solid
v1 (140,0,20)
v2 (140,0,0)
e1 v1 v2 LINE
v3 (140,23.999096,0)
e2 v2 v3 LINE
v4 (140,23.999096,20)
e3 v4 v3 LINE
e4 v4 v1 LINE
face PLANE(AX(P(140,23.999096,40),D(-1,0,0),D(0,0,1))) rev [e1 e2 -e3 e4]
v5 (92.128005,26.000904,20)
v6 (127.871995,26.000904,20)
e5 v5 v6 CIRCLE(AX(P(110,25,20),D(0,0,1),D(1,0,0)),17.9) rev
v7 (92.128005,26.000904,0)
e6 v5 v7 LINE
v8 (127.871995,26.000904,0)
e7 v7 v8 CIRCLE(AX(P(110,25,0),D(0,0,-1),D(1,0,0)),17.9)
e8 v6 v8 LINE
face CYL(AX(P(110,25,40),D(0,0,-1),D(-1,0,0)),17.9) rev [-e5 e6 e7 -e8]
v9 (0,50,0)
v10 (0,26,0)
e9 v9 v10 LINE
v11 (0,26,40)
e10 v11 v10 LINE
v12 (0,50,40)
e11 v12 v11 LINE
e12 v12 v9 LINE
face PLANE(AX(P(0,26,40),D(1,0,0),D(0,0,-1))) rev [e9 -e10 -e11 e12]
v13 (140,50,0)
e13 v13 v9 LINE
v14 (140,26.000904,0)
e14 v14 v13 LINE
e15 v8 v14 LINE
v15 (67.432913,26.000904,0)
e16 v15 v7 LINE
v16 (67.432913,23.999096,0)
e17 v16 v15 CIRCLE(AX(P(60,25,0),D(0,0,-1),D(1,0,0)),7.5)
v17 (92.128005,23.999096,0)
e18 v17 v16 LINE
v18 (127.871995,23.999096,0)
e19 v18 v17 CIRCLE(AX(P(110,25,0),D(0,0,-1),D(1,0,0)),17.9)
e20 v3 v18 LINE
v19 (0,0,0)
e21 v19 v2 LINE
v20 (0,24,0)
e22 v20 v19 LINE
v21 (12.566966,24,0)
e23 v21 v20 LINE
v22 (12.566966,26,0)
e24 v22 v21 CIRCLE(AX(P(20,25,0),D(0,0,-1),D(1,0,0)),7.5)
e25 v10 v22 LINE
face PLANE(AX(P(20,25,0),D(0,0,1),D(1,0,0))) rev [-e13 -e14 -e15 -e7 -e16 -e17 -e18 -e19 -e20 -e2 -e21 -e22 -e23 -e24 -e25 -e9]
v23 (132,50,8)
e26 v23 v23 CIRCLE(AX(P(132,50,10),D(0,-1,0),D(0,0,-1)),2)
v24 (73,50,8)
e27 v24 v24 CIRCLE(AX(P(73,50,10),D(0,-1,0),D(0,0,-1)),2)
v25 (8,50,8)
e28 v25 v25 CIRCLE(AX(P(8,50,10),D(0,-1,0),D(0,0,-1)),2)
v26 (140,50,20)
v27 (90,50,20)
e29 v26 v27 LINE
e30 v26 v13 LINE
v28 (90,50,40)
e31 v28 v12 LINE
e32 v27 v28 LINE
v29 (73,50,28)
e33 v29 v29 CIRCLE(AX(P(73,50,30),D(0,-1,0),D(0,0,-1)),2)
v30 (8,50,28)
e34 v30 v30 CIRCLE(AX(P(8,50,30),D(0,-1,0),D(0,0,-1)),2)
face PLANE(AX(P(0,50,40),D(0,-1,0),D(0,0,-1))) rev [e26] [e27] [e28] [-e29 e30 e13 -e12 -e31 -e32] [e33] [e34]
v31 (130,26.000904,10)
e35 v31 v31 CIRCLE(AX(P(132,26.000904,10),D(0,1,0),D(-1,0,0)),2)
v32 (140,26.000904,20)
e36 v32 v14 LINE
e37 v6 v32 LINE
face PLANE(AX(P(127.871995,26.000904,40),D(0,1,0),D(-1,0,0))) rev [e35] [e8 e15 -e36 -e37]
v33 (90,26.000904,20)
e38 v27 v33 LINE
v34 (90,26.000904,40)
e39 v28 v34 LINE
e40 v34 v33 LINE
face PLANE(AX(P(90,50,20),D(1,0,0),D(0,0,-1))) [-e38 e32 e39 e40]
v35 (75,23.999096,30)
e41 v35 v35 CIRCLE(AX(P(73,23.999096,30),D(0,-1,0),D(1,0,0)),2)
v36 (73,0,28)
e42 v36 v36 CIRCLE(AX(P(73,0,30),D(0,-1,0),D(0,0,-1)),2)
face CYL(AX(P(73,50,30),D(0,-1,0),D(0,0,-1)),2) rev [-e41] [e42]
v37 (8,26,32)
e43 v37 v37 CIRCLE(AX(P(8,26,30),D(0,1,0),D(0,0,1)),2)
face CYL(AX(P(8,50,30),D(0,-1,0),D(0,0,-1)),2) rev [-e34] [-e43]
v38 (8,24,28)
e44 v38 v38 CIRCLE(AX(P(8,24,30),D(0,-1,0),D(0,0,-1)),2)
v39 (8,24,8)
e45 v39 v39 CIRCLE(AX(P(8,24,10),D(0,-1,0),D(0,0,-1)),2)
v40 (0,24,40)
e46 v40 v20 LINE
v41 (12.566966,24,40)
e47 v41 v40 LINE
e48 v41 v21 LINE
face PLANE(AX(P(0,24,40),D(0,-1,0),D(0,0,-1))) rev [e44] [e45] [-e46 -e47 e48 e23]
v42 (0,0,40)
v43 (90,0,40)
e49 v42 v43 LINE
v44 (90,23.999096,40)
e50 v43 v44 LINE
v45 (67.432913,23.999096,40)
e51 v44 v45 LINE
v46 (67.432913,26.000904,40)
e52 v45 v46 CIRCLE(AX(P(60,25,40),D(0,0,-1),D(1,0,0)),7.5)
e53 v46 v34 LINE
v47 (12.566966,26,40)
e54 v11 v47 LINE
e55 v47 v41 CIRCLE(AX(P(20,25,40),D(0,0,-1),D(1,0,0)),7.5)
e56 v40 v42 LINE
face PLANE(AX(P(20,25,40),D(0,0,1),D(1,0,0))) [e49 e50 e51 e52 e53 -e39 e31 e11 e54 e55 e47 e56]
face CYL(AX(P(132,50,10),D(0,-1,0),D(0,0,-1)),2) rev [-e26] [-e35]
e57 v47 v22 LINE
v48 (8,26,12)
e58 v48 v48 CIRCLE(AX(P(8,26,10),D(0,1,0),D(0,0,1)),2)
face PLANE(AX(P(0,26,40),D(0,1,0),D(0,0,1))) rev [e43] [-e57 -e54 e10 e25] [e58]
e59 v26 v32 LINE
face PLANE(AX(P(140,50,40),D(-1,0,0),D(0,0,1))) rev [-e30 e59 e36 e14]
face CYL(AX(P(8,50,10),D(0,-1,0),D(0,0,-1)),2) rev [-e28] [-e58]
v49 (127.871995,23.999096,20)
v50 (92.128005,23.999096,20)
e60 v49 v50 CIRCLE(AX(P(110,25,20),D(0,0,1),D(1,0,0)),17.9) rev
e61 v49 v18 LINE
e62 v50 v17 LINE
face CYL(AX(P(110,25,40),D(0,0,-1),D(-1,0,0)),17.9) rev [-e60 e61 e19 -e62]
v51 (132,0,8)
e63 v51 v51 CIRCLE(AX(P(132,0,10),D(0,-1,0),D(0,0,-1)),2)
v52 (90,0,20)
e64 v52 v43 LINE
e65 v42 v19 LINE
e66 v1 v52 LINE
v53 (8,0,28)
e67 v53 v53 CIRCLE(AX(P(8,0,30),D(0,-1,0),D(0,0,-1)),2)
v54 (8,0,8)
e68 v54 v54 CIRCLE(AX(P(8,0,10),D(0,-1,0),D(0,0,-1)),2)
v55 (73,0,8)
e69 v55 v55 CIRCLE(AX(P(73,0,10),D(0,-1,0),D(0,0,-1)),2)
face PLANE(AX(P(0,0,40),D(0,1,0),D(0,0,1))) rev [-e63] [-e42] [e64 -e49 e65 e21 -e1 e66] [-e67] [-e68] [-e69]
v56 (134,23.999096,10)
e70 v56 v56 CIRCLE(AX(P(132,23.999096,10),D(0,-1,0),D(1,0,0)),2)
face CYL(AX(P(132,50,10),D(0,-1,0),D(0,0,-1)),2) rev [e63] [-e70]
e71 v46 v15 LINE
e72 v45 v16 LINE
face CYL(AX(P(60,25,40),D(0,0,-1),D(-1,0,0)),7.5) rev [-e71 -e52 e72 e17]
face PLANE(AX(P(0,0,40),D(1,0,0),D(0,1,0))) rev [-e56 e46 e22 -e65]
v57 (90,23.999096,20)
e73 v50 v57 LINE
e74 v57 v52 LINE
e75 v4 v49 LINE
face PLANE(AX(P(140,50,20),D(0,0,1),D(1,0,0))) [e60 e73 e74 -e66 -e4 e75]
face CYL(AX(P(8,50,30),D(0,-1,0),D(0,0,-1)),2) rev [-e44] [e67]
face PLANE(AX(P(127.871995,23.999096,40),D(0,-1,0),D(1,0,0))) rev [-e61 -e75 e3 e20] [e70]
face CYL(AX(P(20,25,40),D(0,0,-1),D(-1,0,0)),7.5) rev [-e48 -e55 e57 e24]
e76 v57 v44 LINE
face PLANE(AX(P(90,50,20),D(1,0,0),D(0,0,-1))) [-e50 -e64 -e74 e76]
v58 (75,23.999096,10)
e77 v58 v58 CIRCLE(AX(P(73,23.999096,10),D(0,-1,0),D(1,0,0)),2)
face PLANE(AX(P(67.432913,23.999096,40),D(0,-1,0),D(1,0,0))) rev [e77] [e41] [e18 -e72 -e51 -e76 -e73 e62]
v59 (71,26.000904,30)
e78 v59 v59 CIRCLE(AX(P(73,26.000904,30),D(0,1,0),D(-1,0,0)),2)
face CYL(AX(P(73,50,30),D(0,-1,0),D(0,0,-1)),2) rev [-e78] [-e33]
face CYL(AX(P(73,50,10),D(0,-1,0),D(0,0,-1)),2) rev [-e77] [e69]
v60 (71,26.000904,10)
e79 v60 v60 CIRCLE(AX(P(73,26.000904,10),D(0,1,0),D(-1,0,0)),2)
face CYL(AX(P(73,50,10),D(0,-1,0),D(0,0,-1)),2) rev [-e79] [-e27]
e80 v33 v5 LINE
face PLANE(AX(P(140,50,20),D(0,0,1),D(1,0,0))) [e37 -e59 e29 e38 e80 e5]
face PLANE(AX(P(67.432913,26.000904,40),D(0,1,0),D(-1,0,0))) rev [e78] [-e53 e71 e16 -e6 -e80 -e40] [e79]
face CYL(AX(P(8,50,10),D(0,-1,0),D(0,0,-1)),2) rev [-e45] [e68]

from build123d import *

# Parameters (mm, degrees)
EXTRUDE_1_DEPTH     = 40
SKETCH_8_R          = 2
SKETCH_8_W          = 50
SKETCH_8_H          = 20
CUT_EXTRUDE_1_DEPTH = 50


with BuildPart() as part:
    # Эскиз1 → Бобышка-Вытянуть1 (new body)
    with BuildSketch(Plane.XY):
        with BuildLine():
            Line((67.432912675, 26.000904174), (92.128005404, 26.000904174))
            ThreePointArc((92.128005404, 26.000904174), (110, 42.9), (127.871994596, 26.000904174))
            Line((127.871994596, 26.000904174), (140, 26.000904174))
            Line((140, 26.000904174), (140, 50))
            Line((140, 50), (0, 50))
            Line((0, 50), (0, 26))
            Line((0, 26), (12.566965626, 26))
            ThreePointArc((12.566965626, 26), (27.5, 25), (12.566965626, 24))
            Line((12.566965626, 24), (0, 24))
            Line((0, 24), (0, 0))
            Line((0, 0), (140, 0))
            Line((140, 0), (140, 23.999095826))
            Line((140, 23.999095826), (127.871994596, 23.999095826))
            ThreePointArc((127.871994596, 23.999095826), (110, 7.1), (92.128005404, 23.999095826))
            Line((92.128005404, 23.999095826), (67.432912675, 23.999095826))
            ThreePointArc((67.432912675, 23.999095826), (52.5, 25), (67.432912675, 26.000904174))
        make_face()
    extrude(amount=EXTRUDE_1_DEPTH)

    # Эскиз8 → Вырез-Вытянуть1 (cut)
    with BuildSketch(Plane.XZ):
        with Locations(Location((8, 30, 0), (0, 0, 270))):
            Circle(SKETCH_8_R)
        with Locations(Location((8, 10, 0), (0, 0, 270))):
            Circle(SKETCH_8_R)
        with Locations(Location((132, 10, 0), (0, 0, 270))):
            Circle(SKETCH_8_R)
        with Locations(Location((73, 30, 0), (0, 0, 270))):
            Circle(SKETCH_8_R)
        with Locations(Location((73, 10, 0), (0, 0, 270))):
            Circle(SKETCH_8_R)
        with Locations((115, 30)):
            Rectangle(SKETCH_8_W, SKETCH_8_H)
    extrude(amount=-CUT_EXTRUDE_1_DEPTH, mode=Mode.SUBTRACT)


solid = part.part
